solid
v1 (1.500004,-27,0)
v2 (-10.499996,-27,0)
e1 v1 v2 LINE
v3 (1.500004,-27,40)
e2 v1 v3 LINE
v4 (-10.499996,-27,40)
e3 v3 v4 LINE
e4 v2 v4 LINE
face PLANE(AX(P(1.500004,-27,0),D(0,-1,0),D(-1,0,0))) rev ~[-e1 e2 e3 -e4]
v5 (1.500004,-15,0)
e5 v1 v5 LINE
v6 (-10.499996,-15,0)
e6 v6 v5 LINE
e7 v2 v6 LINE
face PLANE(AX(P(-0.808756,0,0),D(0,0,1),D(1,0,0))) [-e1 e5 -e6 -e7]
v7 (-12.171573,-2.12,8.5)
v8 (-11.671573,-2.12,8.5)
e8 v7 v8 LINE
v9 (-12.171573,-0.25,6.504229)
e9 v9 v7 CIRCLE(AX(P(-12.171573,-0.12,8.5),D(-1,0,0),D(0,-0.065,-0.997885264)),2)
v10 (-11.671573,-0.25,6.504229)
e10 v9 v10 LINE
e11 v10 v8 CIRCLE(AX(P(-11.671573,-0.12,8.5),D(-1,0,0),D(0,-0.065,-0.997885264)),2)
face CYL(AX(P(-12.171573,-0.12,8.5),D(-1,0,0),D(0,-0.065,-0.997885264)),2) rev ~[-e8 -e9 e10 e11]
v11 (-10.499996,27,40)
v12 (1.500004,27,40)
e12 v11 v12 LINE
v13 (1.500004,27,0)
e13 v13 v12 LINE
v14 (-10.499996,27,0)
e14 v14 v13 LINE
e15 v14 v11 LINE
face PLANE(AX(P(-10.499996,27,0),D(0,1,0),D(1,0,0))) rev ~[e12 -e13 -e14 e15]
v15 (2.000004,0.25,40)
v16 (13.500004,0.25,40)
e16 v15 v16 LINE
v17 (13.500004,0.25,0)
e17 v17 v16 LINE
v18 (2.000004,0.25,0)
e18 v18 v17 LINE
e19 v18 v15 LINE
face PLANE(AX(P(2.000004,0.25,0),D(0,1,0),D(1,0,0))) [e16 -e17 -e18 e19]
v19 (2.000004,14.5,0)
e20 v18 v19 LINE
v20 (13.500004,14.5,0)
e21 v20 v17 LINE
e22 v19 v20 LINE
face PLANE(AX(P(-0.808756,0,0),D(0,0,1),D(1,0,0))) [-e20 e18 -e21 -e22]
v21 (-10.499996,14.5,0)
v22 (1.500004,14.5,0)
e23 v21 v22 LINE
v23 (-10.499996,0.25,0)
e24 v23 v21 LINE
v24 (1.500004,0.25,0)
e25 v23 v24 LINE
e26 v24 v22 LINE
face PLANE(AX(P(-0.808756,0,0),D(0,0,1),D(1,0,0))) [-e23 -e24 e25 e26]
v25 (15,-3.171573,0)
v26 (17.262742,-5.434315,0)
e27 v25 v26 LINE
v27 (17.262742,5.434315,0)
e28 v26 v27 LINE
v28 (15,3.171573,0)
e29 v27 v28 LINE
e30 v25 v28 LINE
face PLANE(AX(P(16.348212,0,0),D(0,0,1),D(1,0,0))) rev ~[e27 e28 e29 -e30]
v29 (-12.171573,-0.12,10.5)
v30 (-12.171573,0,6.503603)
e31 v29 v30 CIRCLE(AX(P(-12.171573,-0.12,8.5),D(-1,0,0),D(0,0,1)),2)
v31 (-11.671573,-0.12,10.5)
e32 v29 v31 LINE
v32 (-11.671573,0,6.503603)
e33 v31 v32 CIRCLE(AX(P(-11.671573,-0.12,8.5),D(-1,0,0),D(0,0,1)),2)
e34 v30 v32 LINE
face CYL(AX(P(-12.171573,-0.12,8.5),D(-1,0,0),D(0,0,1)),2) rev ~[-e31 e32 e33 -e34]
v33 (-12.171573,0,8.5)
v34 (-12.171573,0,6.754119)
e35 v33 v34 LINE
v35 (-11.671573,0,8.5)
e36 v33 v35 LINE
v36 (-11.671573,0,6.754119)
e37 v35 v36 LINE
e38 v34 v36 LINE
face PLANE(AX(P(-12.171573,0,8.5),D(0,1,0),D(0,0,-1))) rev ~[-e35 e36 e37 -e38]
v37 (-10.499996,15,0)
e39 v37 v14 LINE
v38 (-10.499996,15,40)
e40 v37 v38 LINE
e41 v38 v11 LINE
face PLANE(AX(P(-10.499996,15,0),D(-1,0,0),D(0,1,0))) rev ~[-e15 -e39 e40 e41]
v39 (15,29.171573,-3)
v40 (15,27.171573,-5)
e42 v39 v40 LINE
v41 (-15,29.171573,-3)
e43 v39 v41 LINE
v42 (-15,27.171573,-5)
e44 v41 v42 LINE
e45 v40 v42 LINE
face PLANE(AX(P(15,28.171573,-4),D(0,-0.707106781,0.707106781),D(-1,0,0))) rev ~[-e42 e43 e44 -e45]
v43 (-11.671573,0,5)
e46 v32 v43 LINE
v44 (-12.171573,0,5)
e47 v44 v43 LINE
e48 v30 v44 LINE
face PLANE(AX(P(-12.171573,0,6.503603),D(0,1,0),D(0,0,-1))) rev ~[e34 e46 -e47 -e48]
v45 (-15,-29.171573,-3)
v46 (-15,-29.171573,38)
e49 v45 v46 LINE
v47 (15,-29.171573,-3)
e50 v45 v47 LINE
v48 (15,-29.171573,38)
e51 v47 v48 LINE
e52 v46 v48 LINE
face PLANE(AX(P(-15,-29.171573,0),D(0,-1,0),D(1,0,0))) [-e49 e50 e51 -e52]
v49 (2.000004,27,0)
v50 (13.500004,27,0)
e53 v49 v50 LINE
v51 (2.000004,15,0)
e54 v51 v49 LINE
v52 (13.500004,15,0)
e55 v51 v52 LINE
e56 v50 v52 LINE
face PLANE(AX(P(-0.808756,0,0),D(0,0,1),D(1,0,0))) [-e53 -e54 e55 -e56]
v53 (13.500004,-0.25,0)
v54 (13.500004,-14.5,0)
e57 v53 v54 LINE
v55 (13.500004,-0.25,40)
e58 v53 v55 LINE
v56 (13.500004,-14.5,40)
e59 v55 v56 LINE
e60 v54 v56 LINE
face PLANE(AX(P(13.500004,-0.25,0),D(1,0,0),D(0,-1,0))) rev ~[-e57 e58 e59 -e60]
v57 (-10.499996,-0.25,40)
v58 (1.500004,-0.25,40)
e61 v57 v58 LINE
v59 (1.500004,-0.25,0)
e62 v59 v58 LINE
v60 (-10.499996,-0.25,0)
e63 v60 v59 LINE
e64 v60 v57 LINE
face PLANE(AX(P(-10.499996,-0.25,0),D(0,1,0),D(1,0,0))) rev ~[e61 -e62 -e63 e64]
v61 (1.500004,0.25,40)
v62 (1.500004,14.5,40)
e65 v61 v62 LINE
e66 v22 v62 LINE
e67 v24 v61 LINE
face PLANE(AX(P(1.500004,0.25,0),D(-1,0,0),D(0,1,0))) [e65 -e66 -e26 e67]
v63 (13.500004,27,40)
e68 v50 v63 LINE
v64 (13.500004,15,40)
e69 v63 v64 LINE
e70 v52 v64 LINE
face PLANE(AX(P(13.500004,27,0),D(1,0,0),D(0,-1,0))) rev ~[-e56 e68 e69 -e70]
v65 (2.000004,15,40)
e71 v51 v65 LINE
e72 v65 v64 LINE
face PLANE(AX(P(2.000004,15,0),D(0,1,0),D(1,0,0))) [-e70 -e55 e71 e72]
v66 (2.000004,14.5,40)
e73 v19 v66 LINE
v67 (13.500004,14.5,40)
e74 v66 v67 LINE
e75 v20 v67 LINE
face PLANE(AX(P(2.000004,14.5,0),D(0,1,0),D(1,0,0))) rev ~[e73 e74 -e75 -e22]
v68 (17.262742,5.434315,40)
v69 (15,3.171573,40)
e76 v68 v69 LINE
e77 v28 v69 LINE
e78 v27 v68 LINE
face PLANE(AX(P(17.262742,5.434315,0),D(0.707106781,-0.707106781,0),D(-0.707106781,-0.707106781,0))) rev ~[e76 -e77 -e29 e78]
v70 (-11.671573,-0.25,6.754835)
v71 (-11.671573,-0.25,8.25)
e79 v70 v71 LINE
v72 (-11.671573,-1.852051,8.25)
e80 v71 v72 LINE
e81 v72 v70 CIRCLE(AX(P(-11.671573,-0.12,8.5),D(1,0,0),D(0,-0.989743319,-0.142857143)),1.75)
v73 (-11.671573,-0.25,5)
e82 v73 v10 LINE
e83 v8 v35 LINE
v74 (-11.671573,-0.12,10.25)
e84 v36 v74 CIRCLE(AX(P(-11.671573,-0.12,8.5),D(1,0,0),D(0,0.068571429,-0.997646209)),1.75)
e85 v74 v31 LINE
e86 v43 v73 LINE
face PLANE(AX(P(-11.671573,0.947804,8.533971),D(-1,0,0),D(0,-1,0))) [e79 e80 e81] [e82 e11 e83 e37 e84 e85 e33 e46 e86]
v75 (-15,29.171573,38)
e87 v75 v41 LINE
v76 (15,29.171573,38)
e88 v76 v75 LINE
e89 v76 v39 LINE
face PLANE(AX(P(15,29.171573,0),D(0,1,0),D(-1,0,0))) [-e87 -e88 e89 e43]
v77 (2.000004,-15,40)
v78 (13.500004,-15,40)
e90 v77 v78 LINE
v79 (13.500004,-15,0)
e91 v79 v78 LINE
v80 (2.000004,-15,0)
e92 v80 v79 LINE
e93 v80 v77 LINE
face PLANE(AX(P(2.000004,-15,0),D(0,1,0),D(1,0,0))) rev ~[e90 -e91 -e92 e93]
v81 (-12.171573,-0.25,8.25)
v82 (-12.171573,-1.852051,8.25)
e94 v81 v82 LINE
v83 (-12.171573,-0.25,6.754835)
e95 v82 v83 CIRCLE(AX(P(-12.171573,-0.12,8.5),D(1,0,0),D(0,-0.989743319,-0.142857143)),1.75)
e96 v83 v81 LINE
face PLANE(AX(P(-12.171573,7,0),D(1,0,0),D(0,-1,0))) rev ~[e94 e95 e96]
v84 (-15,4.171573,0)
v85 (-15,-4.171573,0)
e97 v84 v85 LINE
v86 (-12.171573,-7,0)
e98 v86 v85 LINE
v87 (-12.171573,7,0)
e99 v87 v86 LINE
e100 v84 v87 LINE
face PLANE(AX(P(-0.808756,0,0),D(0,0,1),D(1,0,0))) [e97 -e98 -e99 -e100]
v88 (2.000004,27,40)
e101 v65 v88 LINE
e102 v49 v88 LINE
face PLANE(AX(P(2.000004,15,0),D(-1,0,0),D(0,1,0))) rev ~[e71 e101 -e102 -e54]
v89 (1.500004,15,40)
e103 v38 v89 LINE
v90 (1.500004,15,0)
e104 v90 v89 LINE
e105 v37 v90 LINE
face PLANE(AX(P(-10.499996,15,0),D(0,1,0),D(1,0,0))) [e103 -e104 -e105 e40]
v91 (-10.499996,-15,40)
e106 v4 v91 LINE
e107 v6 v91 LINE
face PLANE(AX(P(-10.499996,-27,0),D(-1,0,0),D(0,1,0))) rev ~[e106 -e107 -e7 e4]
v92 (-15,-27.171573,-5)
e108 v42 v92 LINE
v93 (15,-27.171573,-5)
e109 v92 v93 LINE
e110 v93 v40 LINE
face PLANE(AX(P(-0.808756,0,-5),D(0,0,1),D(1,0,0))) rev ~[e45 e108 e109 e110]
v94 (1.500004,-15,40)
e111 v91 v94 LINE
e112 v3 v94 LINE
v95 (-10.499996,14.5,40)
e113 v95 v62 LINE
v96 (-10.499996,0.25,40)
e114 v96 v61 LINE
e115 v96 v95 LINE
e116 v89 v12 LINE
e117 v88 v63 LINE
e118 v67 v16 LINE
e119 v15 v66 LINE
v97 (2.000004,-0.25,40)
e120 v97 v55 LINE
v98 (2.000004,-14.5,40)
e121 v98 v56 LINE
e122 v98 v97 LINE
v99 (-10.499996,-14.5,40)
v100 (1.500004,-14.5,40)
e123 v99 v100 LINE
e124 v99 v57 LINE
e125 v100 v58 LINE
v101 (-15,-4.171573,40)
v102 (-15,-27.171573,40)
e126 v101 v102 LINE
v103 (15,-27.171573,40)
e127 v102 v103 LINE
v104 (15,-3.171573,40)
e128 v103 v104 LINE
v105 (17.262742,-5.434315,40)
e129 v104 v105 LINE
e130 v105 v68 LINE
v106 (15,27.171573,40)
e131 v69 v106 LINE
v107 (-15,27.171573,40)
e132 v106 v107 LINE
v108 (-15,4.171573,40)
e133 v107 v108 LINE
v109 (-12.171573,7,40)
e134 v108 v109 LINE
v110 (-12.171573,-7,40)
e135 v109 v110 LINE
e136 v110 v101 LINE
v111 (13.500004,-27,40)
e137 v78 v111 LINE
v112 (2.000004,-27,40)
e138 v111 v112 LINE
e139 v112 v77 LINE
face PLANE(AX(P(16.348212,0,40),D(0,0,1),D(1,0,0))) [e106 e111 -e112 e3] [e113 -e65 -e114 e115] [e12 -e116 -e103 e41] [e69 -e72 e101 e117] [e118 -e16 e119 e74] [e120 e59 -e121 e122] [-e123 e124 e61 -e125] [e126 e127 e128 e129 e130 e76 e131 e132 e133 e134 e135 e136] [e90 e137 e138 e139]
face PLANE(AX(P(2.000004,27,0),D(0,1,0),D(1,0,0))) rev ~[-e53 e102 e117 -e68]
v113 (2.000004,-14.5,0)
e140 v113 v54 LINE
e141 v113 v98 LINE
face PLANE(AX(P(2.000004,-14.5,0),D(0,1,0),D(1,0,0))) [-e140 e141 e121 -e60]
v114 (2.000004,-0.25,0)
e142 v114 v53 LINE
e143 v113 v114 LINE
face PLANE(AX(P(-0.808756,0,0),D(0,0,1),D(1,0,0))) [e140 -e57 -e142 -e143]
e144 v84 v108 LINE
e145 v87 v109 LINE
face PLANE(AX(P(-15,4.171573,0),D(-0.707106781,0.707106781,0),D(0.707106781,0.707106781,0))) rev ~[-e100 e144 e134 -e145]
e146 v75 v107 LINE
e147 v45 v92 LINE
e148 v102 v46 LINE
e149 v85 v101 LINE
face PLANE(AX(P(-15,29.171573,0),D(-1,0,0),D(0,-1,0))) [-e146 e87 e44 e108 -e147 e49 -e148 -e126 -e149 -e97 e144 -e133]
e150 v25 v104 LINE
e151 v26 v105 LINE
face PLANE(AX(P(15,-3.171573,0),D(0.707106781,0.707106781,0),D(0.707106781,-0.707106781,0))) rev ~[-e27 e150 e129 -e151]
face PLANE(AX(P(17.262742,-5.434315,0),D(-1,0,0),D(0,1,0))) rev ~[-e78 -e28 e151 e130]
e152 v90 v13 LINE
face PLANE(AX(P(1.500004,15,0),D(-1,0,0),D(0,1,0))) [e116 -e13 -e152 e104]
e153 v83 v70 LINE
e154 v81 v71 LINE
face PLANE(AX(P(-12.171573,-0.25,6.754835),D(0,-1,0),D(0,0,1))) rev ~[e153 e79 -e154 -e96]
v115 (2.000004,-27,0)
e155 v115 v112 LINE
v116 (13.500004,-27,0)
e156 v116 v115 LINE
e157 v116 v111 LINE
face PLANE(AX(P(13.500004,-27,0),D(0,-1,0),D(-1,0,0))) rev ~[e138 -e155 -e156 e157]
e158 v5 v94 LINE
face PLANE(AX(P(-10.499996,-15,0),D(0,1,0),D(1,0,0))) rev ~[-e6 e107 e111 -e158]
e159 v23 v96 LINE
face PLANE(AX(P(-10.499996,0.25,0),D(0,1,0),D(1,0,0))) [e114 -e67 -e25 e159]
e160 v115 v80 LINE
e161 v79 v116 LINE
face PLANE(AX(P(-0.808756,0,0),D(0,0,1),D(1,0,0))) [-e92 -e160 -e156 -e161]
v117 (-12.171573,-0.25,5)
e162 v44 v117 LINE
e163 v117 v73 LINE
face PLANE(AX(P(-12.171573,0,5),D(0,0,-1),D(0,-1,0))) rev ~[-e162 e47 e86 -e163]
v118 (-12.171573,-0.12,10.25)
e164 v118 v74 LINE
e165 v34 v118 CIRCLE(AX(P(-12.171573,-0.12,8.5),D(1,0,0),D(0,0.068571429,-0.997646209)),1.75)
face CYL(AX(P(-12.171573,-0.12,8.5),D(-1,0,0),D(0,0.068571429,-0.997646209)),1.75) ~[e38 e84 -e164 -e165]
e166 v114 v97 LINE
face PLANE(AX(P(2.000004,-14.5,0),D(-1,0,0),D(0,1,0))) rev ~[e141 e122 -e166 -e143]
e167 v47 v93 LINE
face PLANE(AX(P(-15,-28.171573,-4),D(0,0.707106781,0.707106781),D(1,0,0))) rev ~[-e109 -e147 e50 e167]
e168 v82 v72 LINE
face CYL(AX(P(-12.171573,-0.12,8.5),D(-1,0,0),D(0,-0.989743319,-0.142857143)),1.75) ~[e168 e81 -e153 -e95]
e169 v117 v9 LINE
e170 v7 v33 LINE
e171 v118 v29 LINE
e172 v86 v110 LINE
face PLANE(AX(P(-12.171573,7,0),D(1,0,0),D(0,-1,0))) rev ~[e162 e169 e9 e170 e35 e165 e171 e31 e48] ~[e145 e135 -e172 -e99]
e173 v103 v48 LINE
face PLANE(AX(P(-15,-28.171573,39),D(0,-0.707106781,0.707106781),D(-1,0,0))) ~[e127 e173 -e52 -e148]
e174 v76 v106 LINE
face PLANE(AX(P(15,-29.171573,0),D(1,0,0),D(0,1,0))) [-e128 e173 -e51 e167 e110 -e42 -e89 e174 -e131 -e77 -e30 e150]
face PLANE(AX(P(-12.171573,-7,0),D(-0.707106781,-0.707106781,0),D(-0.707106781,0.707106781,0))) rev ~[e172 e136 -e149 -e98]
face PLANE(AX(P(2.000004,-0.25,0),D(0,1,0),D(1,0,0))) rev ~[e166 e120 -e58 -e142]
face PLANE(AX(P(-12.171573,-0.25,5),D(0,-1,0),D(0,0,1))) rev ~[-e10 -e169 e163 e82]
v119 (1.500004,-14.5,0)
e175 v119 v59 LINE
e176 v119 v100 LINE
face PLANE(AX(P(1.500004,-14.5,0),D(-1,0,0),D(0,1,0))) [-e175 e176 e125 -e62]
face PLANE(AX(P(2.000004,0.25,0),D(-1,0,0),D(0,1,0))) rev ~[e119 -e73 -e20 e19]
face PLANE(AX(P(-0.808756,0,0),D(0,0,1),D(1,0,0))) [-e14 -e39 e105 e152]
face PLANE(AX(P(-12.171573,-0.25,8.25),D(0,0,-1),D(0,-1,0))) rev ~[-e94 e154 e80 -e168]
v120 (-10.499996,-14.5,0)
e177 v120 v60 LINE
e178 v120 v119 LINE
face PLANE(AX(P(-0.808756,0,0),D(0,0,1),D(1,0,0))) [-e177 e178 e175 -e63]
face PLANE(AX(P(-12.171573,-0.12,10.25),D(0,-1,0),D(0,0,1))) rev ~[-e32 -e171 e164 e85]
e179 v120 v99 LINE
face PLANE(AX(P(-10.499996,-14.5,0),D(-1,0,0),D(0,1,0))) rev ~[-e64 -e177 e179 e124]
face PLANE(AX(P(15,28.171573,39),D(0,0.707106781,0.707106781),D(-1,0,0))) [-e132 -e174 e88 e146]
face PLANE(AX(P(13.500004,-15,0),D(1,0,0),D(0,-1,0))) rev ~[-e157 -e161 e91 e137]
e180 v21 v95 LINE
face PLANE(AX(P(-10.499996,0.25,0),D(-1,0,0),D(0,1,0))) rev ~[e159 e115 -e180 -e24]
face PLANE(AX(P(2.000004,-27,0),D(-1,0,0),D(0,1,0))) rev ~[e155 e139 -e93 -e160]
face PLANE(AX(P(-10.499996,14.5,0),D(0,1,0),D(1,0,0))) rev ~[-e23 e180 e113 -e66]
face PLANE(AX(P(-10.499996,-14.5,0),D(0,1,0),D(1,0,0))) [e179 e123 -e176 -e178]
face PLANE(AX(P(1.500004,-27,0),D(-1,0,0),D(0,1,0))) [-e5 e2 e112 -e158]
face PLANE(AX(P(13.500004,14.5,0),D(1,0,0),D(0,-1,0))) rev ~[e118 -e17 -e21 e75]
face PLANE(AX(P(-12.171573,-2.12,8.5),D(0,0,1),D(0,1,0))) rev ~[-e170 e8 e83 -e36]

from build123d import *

# Parameters (mm, degrees)
F0_W     = 0.5
F0_H     = 14.25
F0_H_2   = 12
F0_W_2   = 11.5
F0_H_3   = 0.5
F0_W_3   = 12
F1_DEPTH = 40
F2_DEPTH = 5
F3_SIZE  = 2
F5_DEPTH = 0.5


with BuildPart() as f1:
    # F0 (on Top) → F1 (new body)
    with BuildSketch(Plane.XY):
        Polygon((17.2627416998, 5.4343145751), (15, 3.1715728753), (15, -3.1715728753), (17.2627416998, -5.4343145751), (17.2627416998, -0.5656854249), (17.2627416998, 0.5656854249), align=None)
        Polygon((-15, 29.1715728753), (-15, 4.1715728753), (-12.1715728752, 7), (-12.1715728752, 0), (-12.1715728752, -7), (-15, -4.1715728753), (-15, -29.1715728753), (15, -29.1715728753), (15, -3.1715728753), (15, 3.1715728753), (15, 29.1715728753), align=None)
        Polygon((-10.4999961331, 14.999999851), (-10.4999961331, 26.999999851), (1.5000038669, 26.999999851), (2.0000038669, 26.999999851), (13.5000038669, 26.999999851), (13.5000038669, 14.999999851), (13.5000038669, 14.499999851), (13.5000038669, 0.249999851), (13.5000038669, -0.250000149), (13.5000038669, -14.500000149), (13.5000038669, -15.000000149), (13.5000038669, -27.000000149), (2.0000038669, -27.000000149), (1.5000038669, -27.000000149), (-10.4999961331, -27.000000149), (-10.4999961331, -15.000000149), (-10.4999961331, -14.500000149), (-10.4999961331, -0.250000149), (-10.4999961331, 0.249999851), (-10.4999961331, 14.499999851), align=None, mode=Mode.SUBTRACT)
        with Locations((1.7500038669, -7.375000149)):
            Rectangle(F0_W, F0_H)
        with Locations((1.7500038669, 20.999999851)):
            Rectangle(F0_W, F0_H_2)
        with Locations((7.7500038669, 14.749999851)):
            Rectangle(F0_W_2, F0_H_3)
        with Locations((-4.4999961331, -1.49e-07)):
            Rectangle(F0_W_3, F0_H_3)
        with Locations((7.7500038669, -1.49e-07)):
            Rectangle(F0_W_2, F0_H_3)
        with Locations((7.7500038669, -14.750000149)):
            Rectangle(F0_W_2, F0_H_3)
        with Locations((-4.4999961331, -14.750000149)):
            Rectangle(F0_W_3, F0_H_3)
        with Locations((-4.4999961331, 14.749999851)):
            Rectangle(F0_W_3, F0_H_3)
        with Locations((1.7500038669, 7.374999851)):
            Rectangle(F0_W, F0_H)
        with Locations((1.7500038669, -21.000000149)):
            Rectangle(F0_W, F0_H_2)
        with Locations((1.7500038669, -14.750000149)):
            Rectangle(F0_W, F0_H_3)
        with Locations((1.7500038669, -1.49e-07)):
            Rectangle(F0_W, F0_H_3)
        with Locations((1.7500038669, 14.749999851)):
            Rectangle(F0_W, F0_H_3)
    extrude(amount=F1_DEPTH)

    # F0 (on Top) → F2 (join)
    with BuildSketch(Plane.XY):
        Polygon((-15, 29.1715728753), (-15, 4.1715728753), (-12.1715728752, 7), (-12.1715728752, 0), (-12.1715728752, -7), (-15, -4.1715728753), (-15, -29.1715728753), (15, -29.1715728753), (15, -3.1715728753), (15, 3.1715728753), (15, 29.1715728753), align=None)
        Polygon((-10.4999961331, 14.999999851), (-10.4999961331, 26.999999851), (1.5000038669, 26.999999851), (2.0000038669, 26.999999851), (13.5000038669, 26.999999851), (13.5000038669, 14.999999851), (13.5000038669, 14.499999851), (13.5000038669, 0.249999851), (13.5000038669, -0.250000149), (13.5000038669, -14.500000149), (13.5000038669, -15.000000149), (13.5000038669, -27.000000149), (2.0000038669, -27.000000149), (1.5000038669, -27.000000149), (-10.4999961331, -27.000000149), (-10.4999961331, -15.000000149), (-10.4999961331, -14.500000149), (-10.4999961331, -0.250000149), (-10.4999961331, 0.249999851), (-10.4999961331, 14.499999851), align=None, mode=Mode.SUBTRACT)
        Polygon((-12.1715728752, 7), (-15, 4.1715728753), (-15, -4.1715728753), (-12.1715728752, -7), (-12.1715728752, 0), align=None)
        with Locations((1.7500038669, -21.000000149)):
            Rectangle(F0_W, F0_H_2)
        with Locations((7.7500038669, -21.000000149)):
            Rectangle(F0_W_2, F0_H_2)
        with Locations((-4.4999961331, -21.000000149)):
            Rectangle(F0_W_3, F0_H_2)
        with Locations((-4.4999961331, -14.750000149)):
            Rectangle(F0_W_3, F0_H_3)
        with Locations((1.7500038669, -14.750000149)):
            Rectangle(F0_W, F0_H_3)
        with Locations((1.7500038669, -7.375000149)):
            Rectangle(F0_W, F0_H)
        with Locations((-4.4999961331, -7.375000149)):
            Rectangle(F0_W_3, F0_H)
        with Locations((7.7500038669, -7.375000149)):
            Rectangle(F0_W_2, F0_H)
        with Locations((7.7500038669, 7.374999851)):
            Rectangle(F0_W_2, F0_H)
        with Locations((-4.4999961331, 7.374999851)):
            Rectangle(F0_W_3, F0_H)
        with Locations((1.7500038669, -1.49e-07)):
            Rectangle(F0_W, F0_H_3)
        with Locations((1.7500038669, 7.374999851)):
            Rectangle(F0_W, F0_H)
        with Locations((7.7500038669, 14.749999851)):
            Rectangle(F0_W_2, F0_H_3)
        with Locations((1.7500038669, 14.749999851)):
            Rectangle(F0_W, F0_H_3)
        with Locations((-4.4999961331, 14.749999851)):
            Rectangle(F0_W_3, F0_H_3)
        with Locations((-4.4999961331, 20.999999851)):
            Rectangle(F0_W_3, F0_H_2)
        with Locations((7.7500038669, 20.999999851)):
            Rectangle(F0_W_2, F0_H_2)
        with Locations((1.7500038669, 20.999999851)):
            Rectangle(F0_W, F0_H_2)
        with Locations((-4.4999961331, -1.49e-07)):
            Rectangle(F0_W_3, F0_H_3)
        with Locations((7.7500038669, -1.49e-07)):
            Rectangle(F0_W_2, F0_H_3)
        with Locations((7.7500038669, -14.750000149)):
            Rectangle(F0_W_2, F0_H_3)
    extrude(amount=-F2_DEPTH)

    # F3
    f3_edges = [f1.edges().sort_by_distance(p)[0] for p in [
        (0, -29.171573, -5),
        (0, 29.171573, -5),
        (0, -29.171573, 40),
        (0, 29.171573, 40),
    ]]
    chamfer(f3_edges, length=F3_SIZE)

    # F4 (on face) → F5 (cut)
    with BuildSketch(Plane(origin=(-12.1715728752, 0, 0), x_dir=(0, -1, 0), z_dir=(-1, 0, 0))):
        with BuildLine():
            Line((0.12, 10.25), (0.12, 10.5))
            ThreePointArc((0.12, 10.5), (-1.8790989856, 8.5600270426), (0, 6.5036032458))
            Line((0, 6.5036032458), (0, 6.7541191335))
            ThreePointArc((0, 6.7541191335), (-1.6289699135, 8.5600353381), (0.12, 10.25))
        make_face()
        with BuildLine():
            Line((0, 8.5), (0, 6.7541191335))
            ThreePointArc((0, 6.7541191335), (0.1250128042, 6.7500071795), (0.25, 6.7548352513))
            Line((0.25, 6.7548352513), (0.25, 8.25))
            Line((0.25, 8.25), (1.8520508076, 8.25))
            ThreePointArc((1.8520508076, 8.25), (1.865506934, 8.3746782406), (1.87, 8.5))
            Line((1.87, 8.5), (0, 8.5))
        make_face()
        with BuildLine():
            Line((0.25, 6.7548352513), (0.25, 6.5042294721))
            ThreePointArc((0.25, 6.5042294721), (1.5794519519, 7.1325205669), (2.12, 8.5))
            Line((2.12, 8.5), (1.87, 8.5))
            ThreePointArc((1.87, 8.5), (1.865506934, 8.3746782406), (1.8520508076, 8.25))
            ThreePointArc((1.8520508076, 8.25), (1.3140216535, 7.2206203491), (0.25, 6.7548352513))
        make_face()
        with BuildLine():
            Line((0, 6.7541191335), (0, 6.5036032458))
            ThreePointArc((0, 6.5036032458), (0.1250097944, 6.5000062745), (0.25, 6.5042294721))
            Line((0.25, 6.5042294721), (0.25, 6.7548352513))
            ThreePointArc((0.25, 6.7548352513), (0.1250128042, 6.7500071795), (0, 6.7541191335))
        make_face()
        with BuildLine():
            ThreePointArc((0.25, 6.5042294721), (0.1250097944, 6.5000062745), (0, 6.5036032458))
            Line((0, 6.5036032458), (0, 5))
            Line((0, 5), (0.25, 5))
            Line((0.25, 5), (0.25, 6.5042294721))
        make_face()
    extrude(amount=-F5_DEPTH, mode=Mode.SUBTRACT)


solid = f1.part
